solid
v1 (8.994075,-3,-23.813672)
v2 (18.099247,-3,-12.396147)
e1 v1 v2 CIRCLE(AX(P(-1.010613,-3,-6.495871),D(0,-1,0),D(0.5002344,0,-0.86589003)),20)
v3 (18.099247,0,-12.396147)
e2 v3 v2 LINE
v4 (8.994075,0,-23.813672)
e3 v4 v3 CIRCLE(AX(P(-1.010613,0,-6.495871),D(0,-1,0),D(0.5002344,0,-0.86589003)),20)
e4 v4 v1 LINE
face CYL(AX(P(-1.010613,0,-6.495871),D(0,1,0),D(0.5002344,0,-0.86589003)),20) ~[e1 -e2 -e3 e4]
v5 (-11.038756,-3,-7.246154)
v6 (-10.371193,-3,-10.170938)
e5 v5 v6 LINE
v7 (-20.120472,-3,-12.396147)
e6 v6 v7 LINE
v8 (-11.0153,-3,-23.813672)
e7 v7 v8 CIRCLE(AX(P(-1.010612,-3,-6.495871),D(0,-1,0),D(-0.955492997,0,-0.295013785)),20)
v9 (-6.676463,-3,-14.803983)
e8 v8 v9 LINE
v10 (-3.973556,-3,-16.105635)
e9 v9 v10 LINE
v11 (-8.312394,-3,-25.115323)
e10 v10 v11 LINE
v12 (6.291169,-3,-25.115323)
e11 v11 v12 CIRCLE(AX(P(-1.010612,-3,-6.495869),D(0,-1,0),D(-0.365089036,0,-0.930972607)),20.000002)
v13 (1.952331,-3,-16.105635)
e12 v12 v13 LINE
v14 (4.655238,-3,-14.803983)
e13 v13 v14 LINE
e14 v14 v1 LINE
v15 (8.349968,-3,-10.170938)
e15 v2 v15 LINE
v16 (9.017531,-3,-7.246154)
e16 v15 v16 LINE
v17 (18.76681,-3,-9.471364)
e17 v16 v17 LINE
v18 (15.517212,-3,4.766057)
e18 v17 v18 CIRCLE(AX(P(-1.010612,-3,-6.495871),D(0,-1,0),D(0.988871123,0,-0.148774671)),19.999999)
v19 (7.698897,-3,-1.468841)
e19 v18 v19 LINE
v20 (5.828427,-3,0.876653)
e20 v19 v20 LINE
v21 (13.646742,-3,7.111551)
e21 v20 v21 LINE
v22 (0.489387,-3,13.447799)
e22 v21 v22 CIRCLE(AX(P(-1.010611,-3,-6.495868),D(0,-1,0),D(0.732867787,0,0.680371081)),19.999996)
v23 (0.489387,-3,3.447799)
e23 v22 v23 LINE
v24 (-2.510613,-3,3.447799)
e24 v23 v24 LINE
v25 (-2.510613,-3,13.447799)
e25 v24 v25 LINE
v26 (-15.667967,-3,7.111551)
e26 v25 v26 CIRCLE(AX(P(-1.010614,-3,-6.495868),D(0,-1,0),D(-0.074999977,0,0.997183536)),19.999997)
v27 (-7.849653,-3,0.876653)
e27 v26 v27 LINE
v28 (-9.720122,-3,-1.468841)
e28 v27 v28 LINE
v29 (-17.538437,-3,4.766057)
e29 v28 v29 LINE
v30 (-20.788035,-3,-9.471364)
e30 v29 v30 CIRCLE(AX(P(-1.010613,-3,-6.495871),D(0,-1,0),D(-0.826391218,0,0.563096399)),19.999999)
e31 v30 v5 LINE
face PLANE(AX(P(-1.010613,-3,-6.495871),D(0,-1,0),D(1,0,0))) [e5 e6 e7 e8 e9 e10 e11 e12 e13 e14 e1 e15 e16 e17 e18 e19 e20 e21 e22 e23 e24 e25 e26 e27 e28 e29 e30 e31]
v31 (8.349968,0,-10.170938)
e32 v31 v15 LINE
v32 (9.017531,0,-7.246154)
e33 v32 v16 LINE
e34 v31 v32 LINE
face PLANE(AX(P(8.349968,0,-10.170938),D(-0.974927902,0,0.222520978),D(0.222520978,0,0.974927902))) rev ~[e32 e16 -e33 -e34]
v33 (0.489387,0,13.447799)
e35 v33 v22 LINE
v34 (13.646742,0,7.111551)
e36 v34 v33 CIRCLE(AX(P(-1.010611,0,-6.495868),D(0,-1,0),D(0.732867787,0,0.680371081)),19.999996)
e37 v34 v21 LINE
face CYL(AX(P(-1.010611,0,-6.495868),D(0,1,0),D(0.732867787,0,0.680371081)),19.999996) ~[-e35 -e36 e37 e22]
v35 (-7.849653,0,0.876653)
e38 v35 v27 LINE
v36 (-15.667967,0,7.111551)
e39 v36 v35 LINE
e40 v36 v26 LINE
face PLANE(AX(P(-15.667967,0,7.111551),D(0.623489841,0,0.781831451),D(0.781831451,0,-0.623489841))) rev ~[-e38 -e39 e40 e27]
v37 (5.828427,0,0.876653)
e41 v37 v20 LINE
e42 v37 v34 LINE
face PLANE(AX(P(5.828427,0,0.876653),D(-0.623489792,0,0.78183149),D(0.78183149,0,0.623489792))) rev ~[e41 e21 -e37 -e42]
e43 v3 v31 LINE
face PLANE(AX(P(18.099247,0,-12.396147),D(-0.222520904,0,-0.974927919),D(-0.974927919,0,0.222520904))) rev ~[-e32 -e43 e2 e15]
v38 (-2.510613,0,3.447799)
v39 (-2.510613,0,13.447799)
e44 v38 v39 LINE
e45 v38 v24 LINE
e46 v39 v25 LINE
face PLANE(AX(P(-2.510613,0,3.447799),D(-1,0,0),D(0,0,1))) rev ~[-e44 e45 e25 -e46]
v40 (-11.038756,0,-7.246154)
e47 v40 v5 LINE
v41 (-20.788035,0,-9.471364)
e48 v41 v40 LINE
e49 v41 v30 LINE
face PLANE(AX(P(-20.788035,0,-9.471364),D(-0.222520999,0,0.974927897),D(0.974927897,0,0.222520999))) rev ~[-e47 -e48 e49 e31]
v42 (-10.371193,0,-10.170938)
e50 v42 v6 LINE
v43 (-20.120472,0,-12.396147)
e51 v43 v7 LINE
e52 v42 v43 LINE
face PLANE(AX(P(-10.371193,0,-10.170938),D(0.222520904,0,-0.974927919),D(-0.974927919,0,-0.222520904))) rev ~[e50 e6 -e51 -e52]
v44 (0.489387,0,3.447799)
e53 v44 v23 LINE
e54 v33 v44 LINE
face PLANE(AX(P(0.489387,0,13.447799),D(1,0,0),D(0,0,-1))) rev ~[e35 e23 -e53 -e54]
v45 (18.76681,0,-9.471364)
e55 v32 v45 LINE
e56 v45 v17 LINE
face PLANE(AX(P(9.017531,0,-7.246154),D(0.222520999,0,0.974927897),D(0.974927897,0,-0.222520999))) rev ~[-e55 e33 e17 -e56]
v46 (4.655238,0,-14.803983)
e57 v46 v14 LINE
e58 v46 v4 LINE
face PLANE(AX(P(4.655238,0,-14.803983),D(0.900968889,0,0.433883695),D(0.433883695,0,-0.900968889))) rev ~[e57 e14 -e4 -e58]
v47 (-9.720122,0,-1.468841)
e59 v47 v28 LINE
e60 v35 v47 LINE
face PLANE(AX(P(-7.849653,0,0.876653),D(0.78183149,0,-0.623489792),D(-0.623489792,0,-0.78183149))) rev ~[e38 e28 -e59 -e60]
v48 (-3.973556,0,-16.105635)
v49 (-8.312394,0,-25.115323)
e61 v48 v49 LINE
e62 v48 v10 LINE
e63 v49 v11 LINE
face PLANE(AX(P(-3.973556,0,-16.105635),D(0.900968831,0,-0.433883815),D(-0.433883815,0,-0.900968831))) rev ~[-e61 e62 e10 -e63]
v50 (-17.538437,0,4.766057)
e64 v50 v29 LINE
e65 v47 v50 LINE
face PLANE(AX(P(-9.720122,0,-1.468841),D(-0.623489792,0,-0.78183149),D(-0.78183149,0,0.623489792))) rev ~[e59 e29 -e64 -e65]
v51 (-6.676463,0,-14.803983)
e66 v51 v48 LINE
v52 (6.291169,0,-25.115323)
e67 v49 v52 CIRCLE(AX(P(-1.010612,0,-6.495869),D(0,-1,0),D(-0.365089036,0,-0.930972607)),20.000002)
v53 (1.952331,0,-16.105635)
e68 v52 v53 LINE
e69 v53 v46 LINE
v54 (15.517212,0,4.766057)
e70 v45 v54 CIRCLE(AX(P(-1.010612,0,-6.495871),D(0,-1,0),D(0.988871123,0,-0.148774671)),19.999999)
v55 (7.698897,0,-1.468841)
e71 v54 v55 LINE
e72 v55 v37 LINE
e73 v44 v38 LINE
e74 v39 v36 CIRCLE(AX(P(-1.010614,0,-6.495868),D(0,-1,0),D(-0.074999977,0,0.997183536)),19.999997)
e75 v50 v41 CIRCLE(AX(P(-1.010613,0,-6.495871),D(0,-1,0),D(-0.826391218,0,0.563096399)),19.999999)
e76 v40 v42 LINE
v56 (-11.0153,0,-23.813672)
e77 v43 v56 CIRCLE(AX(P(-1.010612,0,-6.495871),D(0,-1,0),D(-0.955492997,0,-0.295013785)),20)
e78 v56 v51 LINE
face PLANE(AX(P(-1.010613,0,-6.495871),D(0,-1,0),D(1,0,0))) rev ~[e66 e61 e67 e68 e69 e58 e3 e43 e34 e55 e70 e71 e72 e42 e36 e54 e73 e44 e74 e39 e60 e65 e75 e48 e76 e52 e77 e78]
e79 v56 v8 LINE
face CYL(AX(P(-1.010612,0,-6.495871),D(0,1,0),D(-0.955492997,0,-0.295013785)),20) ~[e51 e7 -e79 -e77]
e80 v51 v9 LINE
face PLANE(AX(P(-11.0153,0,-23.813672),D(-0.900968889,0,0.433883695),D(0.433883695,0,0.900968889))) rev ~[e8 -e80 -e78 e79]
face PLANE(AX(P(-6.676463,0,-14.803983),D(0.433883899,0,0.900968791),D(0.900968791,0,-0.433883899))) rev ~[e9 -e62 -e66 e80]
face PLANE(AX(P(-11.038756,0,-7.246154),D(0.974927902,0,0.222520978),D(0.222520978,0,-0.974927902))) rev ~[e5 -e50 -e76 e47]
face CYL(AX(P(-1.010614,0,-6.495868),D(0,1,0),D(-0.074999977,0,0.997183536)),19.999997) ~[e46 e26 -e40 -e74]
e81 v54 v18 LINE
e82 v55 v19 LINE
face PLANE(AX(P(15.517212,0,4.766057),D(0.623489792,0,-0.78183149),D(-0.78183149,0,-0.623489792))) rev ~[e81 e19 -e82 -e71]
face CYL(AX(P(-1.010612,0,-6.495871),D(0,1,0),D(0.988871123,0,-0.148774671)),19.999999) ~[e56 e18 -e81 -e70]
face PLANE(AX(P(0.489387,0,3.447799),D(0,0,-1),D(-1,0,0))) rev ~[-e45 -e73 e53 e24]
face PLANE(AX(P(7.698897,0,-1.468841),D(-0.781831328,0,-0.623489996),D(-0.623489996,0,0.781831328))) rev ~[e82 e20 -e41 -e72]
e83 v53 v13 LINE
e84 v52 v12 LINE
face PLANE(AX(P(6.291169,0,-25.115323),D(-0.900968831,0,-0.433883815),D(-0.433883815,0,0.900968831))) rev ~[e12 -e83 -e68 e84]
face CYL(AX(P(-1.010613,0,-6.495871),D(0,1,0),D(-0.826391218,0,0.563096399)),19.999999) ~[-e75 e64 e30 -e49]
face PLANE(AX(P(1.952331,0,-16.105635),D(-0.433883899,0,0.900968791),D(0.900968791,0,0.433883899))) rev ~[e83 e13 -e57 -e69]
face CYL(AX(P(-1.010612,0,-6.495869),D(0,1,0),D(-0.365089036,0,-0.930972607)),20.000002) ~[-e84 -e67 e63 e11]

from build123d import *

# Parameters (mm, degrees)
F1_DEPTH = 3


with BuildPart() as f1:
    # F0 (on Front) → F1 (new body)
    with BuildSketch(Plane.XZ):
        with BuildLine():
            Line((0.489387, 13.447799), (0.489387, 3.447799))
            Line((0.489387, 3.447799), (-2.510613, 3.447799))
            Line((-2.510613, 3.447799), (-2.510613, 13.447799))
            ThreePointArc((-2.510613, 13.447799), (-9.688287, 11.523506), (-15.667967, 7.111551))
            Line((-15.667967, 7.111551), (-7.849653, 0.876653))
            Line((-7.849653, 0.876653), (-9.720122, -1.468841))
            Line((-9.720122, -1.468841), (-17.538437, 4.766057))
            ThreePointArc((-17.538437, 4.766057), (-20.509171, -2.045453), (-20.788035, -9.471364))
            Line((-20.788035, -9.471364), (-11.038756, -7.246154))
            Line((-11.038756, -7.246154), (-10.371193, -10.170938))
            Line((-10.371193, -10.170938), (-20.120472, -12.396147))
            ThreePointArc((-20.120472, -12.396147), (-16.647242, -18.965667), (-11.0153, -23.813672))
            Line((-11.0153, -23.813672), (-6.676463, -14.803983))
            Line((-6.676463, -14.803983), (-3.973556, -16.105635))
            Line((-3.973556, -16.105635), (-8.312394, -25.115323))
            ThreePointArc((-8.312394, -25.115323), (-1.010613, -26.495871), (6.291169, -25.115323))
            Line((6.291169, -25.115323), (1.952331, -16.105635))
            Line((1.952331, -16.105635), (4.655238, -14.803983))
            Line((4.655238, -14.803983), (8.994075, -23.813672))
            ThreePointArc((8.994075, -23.813672), (14.626017, -18.965667), (18.099247, -12.396147))
            Line((18.099247, -12.396147), (8.349968, -10.170938))
            Line((8.349968, -10.170938), (9.017531, -7.246154))
            Line((9.017531, -7.246154), (18.76681, -9.471364))
            ThreePointArc((18.76681, -9.471364), (18.487946, -2.045453), (15.517212, 4.766057))
            Line((15.517212, 4.766057), (7.698897, -1.468841))
            Line((7.698897, -1.468841), (5.828427, 0.876653))
            Line((5.828427, 0.876653), (13.646742, 7.111551))
            ThreePointArc((13.646742, 7.111551), (7.667062, 11.523506), (0.489387, 13.447799))
        make_face()
    extrude(amount=F1_DEPTH)


solid = f1.part
